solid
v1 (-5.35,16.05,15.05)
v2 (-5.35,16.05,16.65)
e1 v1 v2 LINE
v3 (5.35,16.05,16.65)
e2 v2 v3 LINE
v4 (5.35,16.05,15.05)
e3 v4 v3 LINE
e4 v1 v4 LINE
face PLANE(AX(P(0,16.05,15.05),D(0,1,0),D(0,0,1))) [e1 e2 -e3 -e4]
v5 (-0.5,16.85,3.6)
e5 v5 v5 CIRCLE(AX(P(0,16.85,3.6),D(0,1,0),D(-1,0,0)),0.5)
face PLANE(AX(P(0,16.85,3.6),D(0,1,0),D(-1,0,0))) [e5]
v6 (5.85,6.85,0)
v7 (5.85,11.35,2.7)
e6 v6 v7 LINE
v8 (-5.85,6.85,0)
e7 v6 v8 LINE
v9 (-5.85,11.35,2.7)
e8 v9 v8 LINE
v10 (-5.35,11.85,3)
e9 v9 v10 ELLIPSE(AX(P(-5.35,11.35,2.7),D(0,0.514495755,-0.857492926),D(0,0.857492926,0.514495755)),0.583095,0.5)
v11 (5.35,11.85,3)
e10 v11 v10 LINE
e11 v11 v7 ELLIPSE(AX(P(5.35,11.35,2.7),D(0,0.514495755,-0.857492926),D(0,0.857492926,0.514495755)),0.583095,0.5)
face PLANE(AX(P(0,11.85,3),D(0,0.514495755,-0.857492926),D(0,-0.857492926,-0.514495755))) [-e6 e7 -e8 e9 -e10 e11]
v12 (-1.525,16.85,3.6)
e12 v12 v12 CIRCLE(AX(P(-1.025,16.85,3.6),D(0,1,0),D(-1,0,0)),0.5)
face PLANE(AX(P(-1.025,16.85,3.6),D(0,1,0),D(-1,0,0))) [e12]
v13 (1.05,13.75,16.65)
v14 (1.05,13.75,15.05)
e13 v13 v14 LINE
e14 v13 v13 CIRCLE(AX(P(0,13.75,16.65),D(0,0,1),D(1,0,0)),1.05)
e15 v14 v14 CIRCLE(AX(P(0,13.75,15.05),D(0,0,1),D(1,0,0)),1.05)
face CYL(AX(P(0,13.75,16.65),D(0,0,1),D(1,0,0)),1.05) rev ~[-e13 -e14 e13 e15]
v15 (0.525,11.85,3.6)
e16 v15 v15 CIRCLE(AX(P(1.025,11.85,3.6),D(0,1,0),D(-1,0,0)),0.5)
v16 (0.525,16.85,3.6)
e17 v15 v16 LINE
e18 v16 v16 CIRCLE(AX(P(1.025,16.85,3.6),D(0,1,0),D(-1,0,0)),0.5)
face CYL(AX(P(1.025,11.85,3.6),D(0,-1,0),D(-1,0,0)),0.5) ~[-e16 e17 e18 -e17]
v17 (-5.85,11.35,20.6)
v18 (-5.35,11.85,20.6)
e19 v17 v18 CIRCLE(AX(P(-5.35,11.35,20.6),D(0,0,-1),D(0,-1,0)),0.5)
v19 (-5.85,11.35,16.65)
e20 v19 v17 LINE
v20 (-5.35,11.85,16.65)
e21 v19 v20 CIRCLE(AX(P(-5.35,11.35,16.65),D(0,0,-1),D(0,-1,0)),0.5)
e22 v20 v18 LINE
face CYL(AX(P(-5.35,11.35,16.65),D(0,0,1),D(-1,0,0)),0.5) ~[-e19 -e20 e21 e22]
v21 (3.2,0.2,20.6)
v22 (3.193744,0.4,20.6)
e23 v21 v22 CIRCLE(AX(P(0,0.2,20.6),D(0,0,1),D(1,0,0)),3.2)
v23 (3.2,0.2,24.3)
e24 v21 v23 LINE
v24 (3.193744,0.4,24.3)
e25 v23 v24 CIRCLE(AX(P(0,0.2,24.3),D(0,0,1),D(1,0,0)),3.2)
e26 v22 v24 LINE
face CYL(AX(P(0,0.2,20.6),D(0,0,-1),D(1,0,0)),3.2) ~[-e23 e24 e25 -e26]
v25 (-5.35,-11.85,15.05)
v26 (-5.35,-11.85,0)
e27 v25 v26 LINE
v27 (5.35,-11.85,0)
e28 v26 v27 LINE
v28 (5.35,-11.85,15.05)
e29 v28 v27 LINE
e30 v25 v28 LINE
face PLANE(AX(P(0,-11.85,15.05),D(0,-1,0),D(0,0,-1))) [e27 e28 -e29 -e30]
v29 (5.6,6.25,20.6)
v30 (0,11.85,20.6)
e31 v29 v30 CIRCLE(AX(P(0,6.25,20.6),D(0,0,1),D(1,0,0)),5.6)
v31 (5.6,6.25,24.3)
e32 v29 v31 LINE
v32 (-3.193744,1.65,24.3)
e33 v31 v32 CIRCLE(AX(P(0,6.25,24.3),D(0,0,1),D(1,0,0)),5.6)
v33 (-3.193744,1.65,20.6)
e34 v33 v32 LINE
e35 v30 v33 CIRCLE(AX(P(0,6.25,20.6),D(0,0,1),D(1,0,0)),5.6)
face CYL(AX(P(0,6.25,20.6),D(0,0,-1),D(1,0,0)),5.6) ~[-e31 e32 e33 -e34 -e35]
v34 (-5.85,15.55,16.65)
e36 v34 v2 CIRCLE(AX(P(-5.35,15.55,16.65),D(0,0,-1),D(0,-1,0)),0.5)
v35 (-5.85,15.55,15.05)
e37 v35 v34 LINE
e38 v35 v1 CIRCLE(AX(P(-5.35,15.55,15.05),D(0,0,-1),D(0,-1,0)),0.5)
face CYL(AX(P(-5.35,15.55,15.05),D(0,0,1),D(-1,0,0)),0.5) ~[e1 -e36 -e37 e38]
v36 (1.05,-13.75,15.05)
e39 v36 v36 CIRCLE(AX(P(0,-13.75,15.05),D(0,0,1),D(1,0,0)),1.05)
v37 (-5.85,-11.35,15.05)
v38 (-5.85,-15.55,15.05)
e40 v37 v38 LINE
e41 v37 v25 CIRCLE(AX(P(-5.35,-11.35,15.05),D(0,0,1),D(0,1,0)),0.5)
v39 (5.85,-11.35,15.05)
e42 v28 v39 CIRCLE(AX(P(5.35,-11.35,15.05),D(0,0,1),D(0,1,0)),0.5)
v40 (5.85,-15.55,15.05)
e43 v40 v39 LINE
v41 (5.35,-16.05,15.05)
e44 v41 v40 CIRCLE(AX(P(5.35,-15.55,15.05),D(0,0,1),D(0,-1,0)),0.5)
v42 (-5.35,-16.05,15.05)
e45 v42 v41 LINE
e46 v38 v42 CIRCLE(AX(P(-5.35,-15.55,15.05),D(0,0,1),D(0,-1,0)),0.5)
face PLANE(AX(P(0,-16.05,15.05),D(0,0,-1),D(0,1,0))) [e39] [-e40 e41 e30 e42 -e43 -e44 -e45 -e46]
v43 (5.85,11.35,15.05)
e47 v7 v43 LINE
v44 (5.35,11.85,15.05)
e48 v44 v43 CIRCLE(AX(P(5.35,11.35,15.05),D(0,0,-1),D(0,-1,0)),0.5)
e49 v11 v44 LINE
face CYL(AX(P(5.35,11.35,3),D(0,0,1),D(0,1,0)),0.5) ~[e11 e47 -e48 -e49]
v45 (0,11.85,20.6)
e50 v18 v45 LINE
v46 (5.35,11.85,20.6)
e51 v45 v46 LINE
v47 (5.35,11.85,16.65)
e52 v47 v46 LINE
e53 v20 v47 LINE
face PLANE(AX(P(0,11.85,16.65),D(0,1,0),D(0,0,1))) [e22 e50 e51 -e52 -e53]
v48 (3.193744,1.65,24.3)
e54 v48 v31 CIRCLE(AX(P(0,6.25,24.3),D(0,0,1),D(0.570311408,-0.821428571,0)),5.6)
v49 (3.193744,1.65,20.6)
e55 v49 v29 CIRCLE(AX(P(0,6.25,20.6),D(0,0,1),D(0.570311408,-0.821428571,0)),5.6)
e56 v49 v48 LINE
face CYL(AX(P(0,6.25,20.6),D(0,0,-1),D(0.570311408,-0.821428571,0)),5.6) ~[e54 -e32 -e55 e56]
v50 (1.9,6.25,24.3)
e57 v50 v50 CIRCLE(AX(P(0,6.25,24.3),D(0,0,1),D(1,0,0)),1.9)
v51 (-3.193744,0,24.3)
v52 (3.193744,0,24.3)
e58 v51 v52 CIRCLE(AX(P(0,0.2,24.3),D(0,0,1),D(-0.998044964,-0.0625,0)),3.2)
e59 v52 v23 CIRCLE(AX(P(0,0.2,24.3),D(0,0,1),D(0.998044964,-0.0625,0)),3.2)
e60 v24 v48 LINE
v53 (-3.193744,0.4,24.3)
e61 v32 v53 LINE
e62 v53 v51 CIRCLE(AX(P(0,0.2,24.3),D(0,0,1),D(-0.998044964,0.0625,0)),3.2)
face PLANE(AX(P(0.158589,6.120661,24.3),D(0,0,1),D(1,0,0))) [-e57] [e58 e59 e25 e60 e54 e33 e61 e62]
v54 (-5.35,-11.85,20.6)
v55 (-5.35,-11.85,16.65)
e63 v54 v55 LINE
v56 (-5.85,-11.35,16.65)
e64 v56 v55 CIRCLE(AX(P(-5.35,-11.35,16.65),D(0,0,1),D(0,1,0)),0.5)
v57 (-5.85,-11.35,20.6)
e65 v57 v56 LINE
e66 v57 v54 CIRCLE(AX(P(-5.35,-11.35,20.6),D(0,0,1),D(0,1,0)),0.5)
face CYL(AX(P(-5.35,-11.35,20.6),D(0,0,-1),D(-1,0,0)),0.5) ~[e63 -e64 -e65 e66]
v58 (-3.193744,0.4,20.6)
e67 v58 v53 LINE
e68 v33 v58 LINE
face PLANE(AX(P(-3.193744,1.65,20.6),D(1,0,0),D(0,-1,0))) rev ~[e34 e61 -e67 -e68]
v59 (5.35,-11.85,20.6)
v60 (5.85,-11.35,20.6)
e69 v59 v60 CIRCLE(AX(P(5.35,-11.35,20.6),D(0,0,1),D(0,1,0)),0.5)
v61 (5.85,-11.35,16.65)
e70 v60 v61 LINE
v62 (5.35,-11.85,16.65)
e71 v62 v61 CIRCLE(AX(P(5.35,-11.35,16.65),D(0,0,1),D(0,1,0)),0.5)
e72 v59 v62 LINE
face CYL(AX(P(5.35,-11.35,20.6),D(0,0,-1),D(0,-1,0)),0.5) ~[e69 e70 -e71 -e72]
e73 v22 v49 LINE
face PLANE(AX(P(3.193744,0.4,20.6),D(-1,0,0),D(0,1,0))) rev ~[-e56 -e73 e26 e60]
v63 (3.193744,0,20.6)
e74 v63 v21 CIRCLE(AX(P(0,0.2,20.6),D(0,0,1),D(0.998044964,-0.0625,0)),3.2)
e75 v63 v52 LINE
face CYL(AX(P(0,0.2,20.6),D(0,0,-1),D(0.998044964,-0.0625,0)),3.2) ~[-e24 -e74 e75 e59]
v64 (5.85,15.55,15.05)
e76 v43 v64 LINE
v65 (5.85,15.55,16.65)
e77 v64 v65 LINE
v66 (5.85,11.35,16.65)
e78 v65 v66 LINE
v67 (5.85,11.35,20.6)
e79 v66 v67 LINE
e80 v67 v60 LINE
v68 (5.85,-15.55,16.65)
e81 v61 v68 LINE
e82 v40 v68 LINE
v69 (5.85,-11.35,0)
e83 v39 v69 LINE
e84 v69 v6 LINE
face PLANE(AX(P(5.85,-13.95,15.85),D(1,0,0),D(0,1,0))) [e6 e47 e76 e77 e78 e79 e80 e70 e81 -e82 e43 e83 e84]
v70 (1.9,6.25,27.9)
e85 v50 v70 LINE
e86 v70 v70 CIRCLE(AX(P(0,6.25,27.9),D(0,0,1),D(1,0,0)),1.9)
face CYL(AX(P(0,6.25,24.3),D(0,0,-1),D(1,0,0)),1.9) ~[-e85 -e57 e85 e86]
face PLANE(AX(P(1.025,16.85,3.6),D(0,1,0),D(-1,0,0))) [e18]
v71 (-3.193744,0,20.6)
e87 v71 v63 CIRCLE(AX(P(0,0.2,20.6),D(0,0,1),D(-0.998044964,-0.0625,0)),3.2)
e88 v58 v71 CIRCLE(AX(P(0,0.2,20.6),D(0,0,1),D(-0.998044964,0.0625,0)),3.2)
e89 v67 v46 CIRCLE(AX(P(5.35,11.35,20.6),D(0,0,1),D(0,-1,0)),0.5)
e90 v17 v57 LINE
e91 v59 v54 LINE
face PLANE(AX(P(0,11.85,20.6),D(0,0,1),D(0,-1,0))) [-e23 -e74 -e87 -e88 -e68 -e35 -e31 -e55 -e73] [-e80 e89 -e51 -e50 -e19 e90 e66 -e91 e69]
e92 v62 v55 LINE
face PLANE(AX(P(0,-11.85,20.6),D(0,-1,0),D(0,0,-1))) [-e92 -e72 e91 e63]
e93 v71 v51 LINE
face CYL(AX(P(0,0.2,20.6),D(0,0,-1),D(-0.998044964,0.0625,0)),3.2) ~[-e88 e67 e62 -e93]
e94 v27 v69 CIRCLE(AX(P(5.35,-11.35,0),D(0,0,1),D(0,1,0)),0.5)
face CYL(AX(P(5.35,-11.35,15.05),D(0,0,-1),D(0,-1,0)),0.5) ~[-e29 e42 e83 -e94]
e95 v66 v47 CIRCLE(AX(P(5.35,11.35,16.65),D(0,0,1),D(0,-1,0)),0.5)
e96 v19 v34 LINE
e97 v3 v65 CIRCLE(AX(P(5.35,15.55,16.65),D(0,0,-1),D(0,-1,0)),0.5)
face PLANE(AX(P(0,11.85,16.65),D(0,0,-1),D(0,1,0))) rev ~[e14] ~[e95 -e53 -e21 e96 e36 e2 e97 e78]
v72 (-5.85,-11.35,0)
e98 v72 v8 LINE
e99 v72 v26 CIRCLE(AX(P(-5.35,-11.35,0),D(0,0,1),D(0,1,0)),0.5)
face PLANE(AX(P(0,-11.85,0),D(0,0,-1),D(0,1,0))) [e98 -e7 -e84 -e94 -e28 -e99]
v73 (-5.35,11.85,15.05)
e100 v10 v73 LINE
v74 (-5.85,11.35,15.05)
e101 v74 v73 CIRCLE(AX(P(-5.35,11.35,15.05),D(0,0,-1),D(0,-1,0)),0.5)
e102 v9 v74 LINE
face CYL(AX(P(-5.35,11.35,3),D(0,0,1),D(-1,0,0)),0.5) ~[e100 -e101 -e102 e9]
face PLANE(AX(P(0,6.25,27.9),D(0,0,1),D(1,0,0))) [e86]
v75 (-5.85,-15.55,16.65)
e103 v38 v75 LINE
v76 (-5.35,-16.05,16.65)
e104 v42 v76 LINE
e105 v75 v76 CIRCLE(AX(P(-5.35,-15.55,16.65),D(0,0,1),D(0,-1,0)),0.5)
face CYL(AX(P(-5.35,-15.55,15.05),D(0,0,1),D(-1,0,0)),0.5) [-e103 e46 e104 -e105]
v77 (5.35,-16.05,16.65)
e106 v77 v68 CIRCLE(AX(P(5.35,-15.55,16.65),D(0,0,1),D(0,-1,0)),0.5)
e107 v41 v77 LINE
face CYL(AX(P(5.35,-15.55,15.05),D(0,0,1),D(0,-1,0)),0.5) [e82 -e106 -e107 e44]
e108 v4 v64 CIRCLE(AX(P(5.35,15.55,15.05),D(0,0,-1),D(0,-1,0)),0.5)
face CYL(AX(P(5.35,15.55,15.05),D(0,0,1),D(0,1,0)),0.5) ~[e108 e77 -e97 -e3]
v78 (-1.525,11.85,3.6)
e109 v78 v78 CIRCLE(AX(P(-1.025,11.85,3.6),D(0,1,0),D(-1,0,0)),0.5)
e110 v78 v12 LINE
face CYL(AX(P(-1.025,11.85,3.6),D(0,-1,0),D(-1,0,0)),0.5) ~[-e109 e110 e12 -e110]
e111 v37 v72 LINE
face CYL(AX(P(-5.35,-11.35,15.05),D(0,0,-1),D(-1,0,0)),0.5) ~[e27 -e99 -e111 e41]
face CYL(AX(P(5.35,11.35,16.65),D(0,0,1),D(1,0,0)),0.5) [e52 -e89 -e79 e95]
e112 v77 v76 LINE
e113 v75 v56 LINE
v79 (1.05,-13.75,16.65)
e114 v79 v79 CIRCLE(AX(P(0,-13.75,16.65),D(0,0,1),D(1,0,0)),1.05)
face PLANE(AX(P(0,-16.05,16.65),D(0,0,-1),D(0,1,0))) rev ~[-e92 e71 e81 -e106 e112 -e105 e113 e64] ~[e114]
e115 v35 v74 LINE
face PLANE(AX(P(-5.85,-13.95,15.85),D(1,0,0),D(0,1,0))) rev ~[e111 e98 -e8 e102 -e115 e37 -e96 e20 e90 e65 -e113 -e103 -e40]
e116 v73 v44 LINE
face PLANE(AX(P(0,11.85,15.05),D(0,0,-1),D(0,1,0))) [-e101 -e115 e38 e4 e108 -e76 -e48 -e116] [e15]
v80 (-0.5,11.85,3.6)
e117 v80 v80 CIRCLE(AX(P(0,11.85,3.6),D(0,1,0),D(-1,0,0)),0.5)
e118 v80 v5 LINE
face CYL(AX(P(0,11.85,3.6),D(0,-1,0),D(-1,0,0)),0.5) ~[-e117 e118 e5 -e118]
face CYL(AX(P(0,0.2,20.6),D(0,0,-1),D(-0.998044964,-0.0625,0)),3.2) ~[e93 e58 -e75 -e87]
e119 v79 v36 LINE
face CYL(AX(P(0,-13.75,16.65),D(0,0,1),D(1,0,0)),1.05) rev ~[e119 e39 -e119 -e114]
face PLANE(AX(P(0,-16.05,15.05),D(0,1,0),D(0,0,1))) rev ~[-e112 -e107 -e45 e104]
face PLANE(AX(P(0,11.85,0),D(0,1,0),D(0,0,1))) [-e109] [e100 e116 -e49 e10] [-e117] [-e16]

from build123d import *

# Parameters (mm, degrees)
F0_W          = 4.2
F0_H          = 1.6
F1_DEPTH      = 5.85
F1_DEPTH_BACK = 5.85
F3_DEPTH      = 3.7
F4_R          = 1.9
F5_DEPTH      = 3.6
F6_R          = 1.05
F7_DEPTH      = 10
F9_DEPTH      = 25
F9_DEPTH_BACK = 25
F10_R         = 0.5
F11_R         = 0.5
F12_DEPTH     = 5


with BuildPart() as f1:
    # F0 (on Right) → F1 (new body, two sides)
    with BuildSketch(Plane.YZ) as f1_sk:
        with Locations((-13.95, 15.85)):
            Rectangle(F0_W, F0_H)
        with Locations((13.95, 15.85)):
            Rectangle(F0_W, F0_H)
        Polygon((11.85, 20.6), (-11.85, 20.6), (-11.85, 16.65), (-11.85, 15.05), (-11.85, 0), (11.85, 0), (11.85, 15.05), (11.85, 16.65), align=None)
    extrude(amount=F1_DEPTH)
    extrude(f1_sk.sketch, amount=-F1_DEPTH_BACK)

    # F2 (on face) → F3 (join)
    with BuildSketch(Plane.XY.offset(20.6)):
        with BuildLine():
            ThreePointArc((3.1937438845, 1.65), (4.9621046822, 3.6543272311), (5.6, 6.25))
            ThreePointArc((5.6, 6.25), (-2.5956727689, 11.2121046822), (-3.1937438845, 1.65))
            ThreePointArc((-3.1937438845, 1.65), (-3.064580666, 1.5629598528), (-2.9330467827, 1.4795454545))
            ThreePointArc((-2.9330467827, 1.4795454545), (0, 3.4), (2.9330467827, 1.4795454545))
            ThreePointArc((2.9330467827, 1.4795454545), (3.064580666, 1.5629598528), (3.1937438845, 1.65))
        make_face()
        with BuildLine():
            ThreePointArc((-2.9330467827, 1.4795454545), (-3.064580666, 1.5629598528), (-3.1937438845, 1.65))
            Line((-3.1937438845, 1.65), (-3.1937438845, 0.4))
            ThreePointArc((-3.1937438845, 0.4), (-3.1105860488, 0.9511687112), (-2.9330467827, 1.4795454545))
        make_face()
        with BuildLine():
            Line((3.1937438845, 0.4), (3.1937438845, 1.65))
            ThreePointArc((3.1937438845, 1.65), (3.064580666, 1.5629598528), (2.9330467827, 1.4795454545))
            ThreePointArc((2.9330467827, 1.4795454545), (3.1105860488, 0.9511687112), (3.1937438845, 0.4))
        make_face()
        with BuildLine():
            ThreePointArc((2.9330467827, 1.4795454545), (0, 0.65), (-2.9330467827, 1.4795454545))
            ThreePointArc((-2.9330467827, 1.4795454545), (-3.1105860488, 0.9511687112), (-3.1937438845, 0.4))
            Line((-3.1937438845, 0.4), (-3.1937438845, 0))
            ThreePointArc((-3.1937438845, 0), (0, -3), (3.1937438845, 0))
            Line((3.1937438845, 0), (3.1937438845, 0.4))
            ThreePointArc((3.1937438845, 0.4), (3.1105860488, 0.9511687112), (2.9330467827, 1.4795454545))
        make_face()
        with BuildLine():
            Line((-3.1937438845, 0), (-3.1937438845, 0.4))
            ThreePointArc((-3.1937438845, 0.4), (-3.2, 0.2), (-3.1937438845, 0))
        make_face()
        with BuildLine():
            ThreePointArc((3.2, 0.2), (3.1984355887, 0.3000489118), (3.1937438845, 0.4))
            Line((3.1937438845, 0.4), (3.1937438845, 0))
            ThreePointArc((3.1937438845, 0), (3.1984355887, 0.0999510882), (3.2, 0.2))
        make_face()
        with BuildLine():
            ThreePointArc((-2.9330467827, 1.4795454545), (0, 0.65), (2.9330467827, 1.4795454545))
            ThreePointArc((2.9330467827, 1.4795454545), (0, 3.4), (-2.9330467827, 1.4795454545))
        make_face()
    extrude(amount=F3_DEPTH)

    # F4 (on face) → F5 (join)
    with BuildSketch(Plane.XY.offset(24.3)):
        with Locations((0, 6.25)):
            Circle(F4_R)
    extrude(amount=F5_DEPTH)

    # F6 (on face) → F7 (cut)
    with BuildSketch(Plane.XY.offset(16.65)):
        with Locations((0, 13.75)):
            Circle(F6_R)
        with Locations((0, -13.75)):
            Circle(F6_R)
    extrude(amount=-F7_DEPTH, mode=Mode.SUBTRACT)

    # F8 (on Right) → F9 (cut, two sides)
    with BuildSketch(Plane.YZ) as f9_sk:
        Polygon((11.85, 3), (6.85, 0), (11.85, 0), align=None)
    extrude(amount=-F9_DEPTH, mode=Mode.SUBTRACT)
    extrude(f9_sk.sketch, amount=F9_DEPTH_BACK, mode=Mode.SUBTRACT)

    # F10
    f10_edges = [f1.edges().sort_by_distance(p)[0] for p in [
        (5.85, -11.85, 18.625),
        (-5.85, -11.85, 18.625),
        (-5.85, -11.85, 7.525),
        (5.85, -11.85, 7.525),
        (5.85, 11.85, 18.625),
        (-5.85, 11.85, 18.625),
        (-5.85, 11.85, 9.025),
        (5.85, 11.85, 9.025),
        (5.85, 16.05, 15.85),
        (-5.85, 16.05, 15.85),
        (5.85, -16.05, 15.85),
        (-5.85, -16.05, 15.85),
    ]]
    fillet(f10_edges, radius=F10_R)

    # F11 (on face) → F12 (join)
    with BuildSketch(Plane(origin=(0, 11.85, 0), x_dir=(-1, 0, 0), z_dir=(0, 1, 0))):
        with Locations((0, 3.6)):
            Circle(F11_R)
        with Locations((1.025, 3.6)):
            Circle(F11_R)
        with Locations((-1.025, 3.6)):
            Circle(F11_R)
    extrude(amount=F12_DEPTH)


solid = f1.part
